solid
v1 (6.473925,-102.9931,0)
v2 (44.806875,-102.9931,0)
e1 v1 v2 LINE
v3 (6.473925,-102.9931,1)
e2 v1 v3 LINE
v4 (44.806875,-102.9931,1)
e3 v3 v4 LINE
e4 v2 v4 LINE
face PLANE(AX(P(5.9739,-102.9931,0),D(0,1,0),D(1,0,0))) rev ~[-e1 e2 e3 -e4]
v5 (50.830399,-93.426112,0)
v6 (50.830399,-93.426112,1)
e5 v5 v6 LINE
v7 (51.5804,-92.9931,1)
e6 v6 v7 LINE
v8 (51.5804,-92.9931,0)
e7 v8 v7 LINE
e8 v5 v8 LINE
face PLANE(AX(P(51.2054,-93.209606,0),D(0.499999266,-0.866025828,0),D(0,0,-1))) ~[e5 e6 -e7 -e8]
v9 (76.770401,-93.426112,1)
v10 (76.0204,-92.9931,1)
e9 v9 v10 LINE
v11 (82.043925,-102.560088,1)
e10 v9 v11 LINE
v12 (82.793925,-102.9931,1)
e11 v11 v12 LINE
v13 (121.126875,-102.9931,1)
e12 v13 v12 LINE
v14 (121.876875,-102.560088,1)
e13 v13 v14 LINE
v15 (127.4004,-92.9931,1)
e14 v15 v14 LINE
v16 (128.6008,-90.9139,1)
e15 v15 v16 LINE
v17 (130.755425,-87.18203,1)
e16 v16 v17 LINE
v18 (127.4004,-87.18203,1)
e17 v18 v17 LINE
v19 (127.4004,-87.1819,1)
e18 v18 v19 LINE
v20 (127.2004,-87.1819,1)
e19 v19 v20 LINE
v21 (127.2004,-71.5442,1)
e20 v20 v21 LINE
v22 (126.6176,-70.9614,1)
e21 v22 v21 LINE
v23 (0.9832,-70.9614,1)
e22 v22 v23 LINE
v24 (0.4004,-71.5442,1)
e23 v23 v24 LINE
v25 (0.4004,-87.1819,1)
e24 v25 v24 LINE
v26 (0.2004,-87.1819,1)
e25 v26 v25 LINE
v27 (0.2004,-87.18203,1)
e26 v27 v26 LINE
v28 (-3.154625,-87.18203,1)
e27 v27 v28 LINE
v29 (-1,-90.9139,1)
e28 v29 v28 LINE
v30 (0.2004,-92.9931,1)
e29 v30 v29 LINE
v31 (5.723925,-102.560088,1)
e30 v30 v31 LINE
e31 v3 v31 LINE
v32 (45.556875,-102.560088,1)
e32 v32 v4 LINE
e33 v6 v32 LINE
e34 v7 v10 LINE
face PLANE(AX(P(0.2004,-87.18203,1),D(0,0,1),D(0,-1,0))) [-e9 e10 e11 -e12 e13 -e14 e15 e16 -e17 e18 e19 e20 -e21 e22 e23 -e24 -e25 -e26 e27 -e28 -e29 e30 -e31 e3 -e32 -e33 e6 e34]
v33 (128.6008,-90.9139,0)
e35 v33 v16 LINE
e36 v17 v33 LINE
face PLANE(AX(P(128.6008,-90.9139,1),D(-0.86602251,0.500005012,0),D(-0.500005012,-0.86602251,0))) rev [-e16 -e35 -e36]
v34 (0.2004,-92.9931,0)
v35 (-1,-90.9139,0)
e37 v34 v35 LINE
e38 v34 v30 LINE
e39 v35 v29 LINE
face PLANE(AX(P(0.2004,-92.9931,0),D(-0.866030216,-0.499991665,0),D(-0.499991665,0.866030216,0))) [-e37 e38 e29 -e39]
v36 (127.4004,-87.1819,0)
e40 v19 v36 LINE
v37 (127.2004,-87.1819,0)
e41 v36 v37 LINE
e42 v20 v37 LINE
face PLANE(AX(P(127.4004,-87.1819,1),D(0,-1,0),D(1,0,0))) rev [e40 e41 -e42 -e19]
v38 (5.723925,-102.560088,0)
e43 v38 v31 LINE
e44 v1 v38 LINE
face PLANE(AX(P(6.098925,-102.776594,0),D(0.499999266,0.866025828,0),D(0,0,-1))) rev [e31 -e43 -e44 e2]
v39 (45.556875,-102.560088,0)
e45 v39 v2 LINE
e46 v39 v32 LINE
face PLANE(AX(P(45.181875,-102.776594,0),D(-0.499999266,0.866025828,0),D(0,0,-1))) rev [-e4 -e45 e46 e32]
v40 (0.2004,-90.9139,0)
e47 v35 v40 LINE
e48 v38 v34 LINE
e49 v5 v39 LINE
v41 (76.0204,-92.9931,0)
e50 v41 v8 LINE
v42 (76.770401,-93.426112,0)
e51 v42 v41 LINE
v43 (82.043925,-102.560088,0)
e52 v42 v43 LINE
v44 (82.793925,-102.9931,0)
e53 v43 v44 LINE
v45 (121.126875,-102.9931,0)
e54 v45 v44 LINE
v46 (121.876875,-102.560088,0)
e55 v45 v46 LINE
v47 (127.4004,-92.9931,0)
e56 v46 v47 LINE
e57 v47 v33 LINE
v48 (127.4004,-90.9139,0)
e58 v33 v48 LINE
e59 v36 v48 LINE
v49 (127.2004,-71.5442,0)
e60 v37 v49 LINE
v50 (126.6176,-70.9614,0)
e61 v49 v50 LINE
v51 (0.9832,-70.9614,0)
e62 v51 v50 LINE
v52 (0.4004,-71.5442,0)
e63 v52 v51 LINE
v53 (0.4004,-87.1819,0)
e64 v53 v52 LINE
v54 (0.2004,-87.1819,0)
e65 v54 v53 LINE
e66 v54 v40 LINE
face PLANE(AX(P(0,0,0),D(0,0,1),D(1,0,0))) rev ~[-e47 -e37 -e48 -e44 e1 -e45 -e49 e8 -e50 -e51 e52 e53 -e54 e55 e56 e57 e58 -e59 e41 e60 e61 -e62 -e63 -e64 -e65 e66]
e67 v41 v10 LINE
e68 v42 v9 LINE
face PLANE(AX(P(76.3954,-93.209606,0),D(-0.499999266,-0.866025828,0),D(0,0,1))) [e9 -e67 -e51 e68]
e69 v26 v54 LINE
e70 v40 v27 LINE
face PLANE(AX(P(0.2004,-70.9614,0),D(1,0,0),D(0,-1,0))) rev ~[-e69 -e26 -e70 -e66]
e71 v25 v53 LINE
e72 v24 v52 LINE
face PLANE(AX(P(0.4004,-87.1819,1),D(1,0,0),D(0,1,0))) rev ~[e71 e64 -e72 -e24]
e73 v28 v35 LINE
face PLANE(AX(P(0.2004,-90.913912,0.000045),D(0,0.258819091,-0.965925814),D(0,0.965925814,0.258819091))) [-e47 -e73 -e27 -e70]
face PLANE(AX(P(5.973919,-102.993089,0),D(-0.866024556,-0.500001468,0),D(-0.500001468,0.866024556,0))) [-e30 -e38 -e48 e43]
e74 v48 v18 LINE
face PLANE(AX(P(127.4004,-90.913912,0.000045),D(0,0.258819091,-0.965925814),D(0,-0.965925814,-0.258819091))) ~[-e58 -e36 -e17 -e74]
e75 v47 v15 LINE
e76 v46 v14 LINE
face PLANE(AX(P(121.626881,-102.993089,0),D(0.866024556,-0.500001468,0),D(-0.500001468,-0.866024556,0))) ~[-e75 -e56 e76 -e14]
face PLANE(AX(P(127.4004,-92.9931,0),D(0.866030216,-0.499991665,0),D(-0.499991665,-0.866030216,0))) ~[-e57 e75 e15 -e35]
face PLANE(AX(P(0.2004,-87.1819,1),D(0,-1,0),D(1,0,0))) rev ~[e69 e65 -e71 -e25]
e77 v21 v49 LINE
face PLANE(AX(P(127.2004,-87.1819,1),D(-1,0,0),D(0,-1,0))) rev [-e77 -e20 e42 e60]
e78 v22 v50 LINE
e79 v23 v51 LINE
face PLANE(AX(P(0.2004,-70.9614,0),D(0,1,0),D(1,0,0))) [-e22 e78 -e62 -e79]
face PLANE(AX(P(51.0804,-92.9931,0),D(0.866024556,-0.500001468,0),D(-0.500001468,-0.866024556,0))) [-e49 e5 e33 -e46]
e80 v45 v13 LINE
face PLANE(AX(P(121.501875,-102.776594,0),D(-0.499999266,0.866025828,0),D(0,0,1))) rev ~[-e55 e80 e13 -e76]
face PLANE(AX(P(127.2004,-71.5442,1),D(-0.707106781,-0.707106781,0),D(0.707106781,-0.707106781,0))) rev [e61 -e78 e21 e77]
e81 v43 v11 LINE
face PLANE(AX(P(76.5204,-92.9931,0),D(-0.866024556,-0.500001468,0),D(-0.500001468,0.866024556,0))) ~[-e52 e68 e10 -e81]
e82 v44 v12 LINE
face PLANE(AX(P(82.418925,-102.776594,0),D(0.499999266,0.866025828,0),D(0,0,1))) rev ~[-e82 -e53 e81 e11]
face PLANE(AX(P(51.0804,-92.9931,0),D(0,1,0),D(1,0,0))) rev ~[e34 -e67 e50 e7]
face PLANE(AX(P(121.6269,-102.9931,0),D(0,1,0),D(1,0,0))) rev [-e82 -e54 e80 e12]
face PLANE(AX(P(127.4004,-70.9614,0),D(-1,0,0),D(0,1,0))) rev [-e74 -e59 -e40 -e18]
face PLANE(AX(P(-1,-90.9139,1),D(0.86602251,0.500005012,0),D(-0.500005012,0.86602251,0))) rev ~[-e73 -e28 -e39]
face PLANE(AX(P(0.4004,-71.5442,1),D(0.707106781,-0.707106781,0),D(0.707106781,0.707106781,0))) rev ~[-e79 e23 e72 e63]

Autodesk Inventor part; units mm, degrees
ref_plane "YZ Plane" through (0, 0, 0) normal (1, 0, 0) x (0, 1, 0)
ref_plane "XZ Plane" through (0, 0, 0) normal (0, 1, 0) x (-1, 0, 0)
ref_plane "XY Plane" through (0, 0, 0) normal (0, 0, 1) x (1, 0, 0)
ref_plane "РабПлоскость1" through (0, 0, 0) normal (0, 0, 1) x (1, 0, 0)
sketch "Эскиз1" plane through (0, 0, 0) normal (0, 0, 1) x (1, 0, 0)
  line L0 (0, -90.9139) -> (0, -87.1819)
  line L1 (0, -75.9857) -> (0, -72.2537) projected
  line L2 (0, -72.2537) -> (3, -61.0575) projected
  line L3 (3, -61.0575) -> (0, -61.0575) projected
  line L4 (0, -61.0575) -> (0, -57.3255) projected
  line L5 (0, -57.3255) -> (3, -46.1293) projected
  line L6 (3, -46.1293) -> (0, -46.1293) projected
  line L7 (0, -46.1293) -> (0, -42.3973) projected
  line L8 (0, -42.3973) -> (3, -31.2011) projected
  line L9 (3, -31.2011) -> (0, -31.2011) projected
  line L10 (0, -31.2011) -> (0, -27.4691) projected
  line L11 (0, -27.4691) -> (3, -16.2729) projected
  line L12 (3, -16.2729) -> (0, -16.2729) projected
  line L13 (0, -16.2729) -> (0, -12.5409) projected
  line L14 (127.6, -12.5409) -> (0, -12.5409)
  line L15 (127.6, -57.3255) -> (124.6, -46.1293)
  line L16 (127.6, -61.0575) -> (127.6, -57.3255)
  line L17 (124.6, -61.0575) -> (127.6, -61.0575)
  line L18 (127.6, -72.2537) -> (124.6, -61.0575)
  line L19 (127.6, -75.9857) -> (127.6, -72.2537)
  line L20 (124.6, -75.9857) -> (127.6, -75.9857)
  line L21 (127.6, -87.1819) -> (124.6, -75.9857) projected
  line L22 (127.6, -90.9139) -> (127.6, -87.1819) projected
  line L23 (84.6, -94.6473) -> (84.6, -100.1704) projected
  line L24 (83.844, -94.6473) -> (84.6, -94.6473) projected
  line L25 (83.844, -94.6473) -> (84.844, -90.9152) projected
  line L26 (132.6, -90.9152) -> (84.844, -90.9152) projected
  line L27 (132.6, -90.9152) -> (134.6, -98.3793) projected
  line L28 (134.6, -98.3793) -> (134.6, 2.1319)
  line L29 (134.6, 2.1319) -> (-7, 2.1319)
  line L30 (-7, -98.3793) -> (-7, 2.1319) projected
  line L31 (-5, -90.9152) -> (-7, -98.3793) projected
  line L32 (127.6, -75.4591) -> (127.6, -90.9139) projected
  line L33 (0.2004, -110.9139) -> (127.4004, -110.9139)
  line L34 (127.4004, -110.9139) -> (127.4004, -70.9139)
  line L35 (127.4004, -70.9139) -> (0.2004, -70.9139)
  line L36 (0.2004, -70.9139) -> (0.2004, -110.9139)
  line L37 (0.2004, -110.9139) -> (127.4004, -70.9139) construction
  line L38 (127.4004, -110.9139) -> (0.2004, -70.9139) construction
  line L39 (51.0804, -92.9931) -> (38.3604, -115.0247)
  line L40 (38.3604, -115.0247) -> (12.9204, -115.0247)
  line L41 (12.9204, -115.0247) -> (0.2004, -92.9931)
  line L42 (0.2004, -70.9614) -> (63.8004, -70.9614)
  line L43 (38.3604, -70.9614) -> (51.0804, -92.9931)
  line L44 (-1, -89.7832) -> (-1, -91.3815)
  line L45 (0.2004, -92.9931) -> (5.8434, -102.7672)
  line L46 (63.8004, -70.9139) -> (63.8004, -110.9139)
  line L47 (51.0804, -92.9931) -> (63.8004, -92.9931)
  line L48 (0.2004, -92.9931) -> (-1, -90.9139)
  line L49 (5.9739, -102.9931) -> (45.3069, -102.9931)
  line L50 (-1, -90.9139) -> (0, -90.9139)
  line L51 (0, -90.9139) -> (0.2004, -90.9139)
  point P0 (0, 0)
  point P1 (63.8004, -90.9139)
  point P2 (25.6404, -92.9931)
  point P3 (5.9739, -102.9931)
  point P4 (0.3463, -70.9614)
  point P5 (0.2004, -71.5059)
  dimension "d0" = 127.6
  dimension "d1" = 127.2
  dimension "d2" = 40
  dimension "d3" = 50.88
  dimension "d4" = 0
  dimension "d5" = 1
  dimension "d6" = 25.44
  dimension "d7" = 10
extrude "Выдавливание1" add sketch "Эскиз1" along normal blind 1 contours L36 L42 L2 | L2 L42 L43 L39 L49 L41 L36 | L36 L48 L50 L51 | L42 L46 L47 L43
chamfer "Фаска1" distance 0.5 angle 45 4 edges at (0.2004, -70.9614, 0.5) (45.3069, -102.9931, 0.5) (5.9739, -102.9931, 0.5) (51.0804, -92.9931, 0.5)
sketch "Эскиз3" plane through (0.2004, -90.9139, 0) normal (-1, 0, 0) x (0, 0, 1)
  line L0 (-2.0003, -7.4654) -> (24.9316, 93.0458) projected
  line L1 (0, 19.4526) -> (1, 19.4526) projected
  line L2 (0, 19.4526) -> (0, 0) projected
  line L3 (0, 0) -> (1, 0) projected
  line L4 (1, 19.4526) -> (1, 0) projected
  line L5 (0, 0) -> (1, 0) projected
  point P0 (0, 90.9139)
  point P1 (1, 3.7321)
extrude "Выдавливание2" add sketch "Эскиз3" along normal blind 4 contours L0 L4 L3
sketch "Эскиз4" plane through (0, 0, 1) normal (0, 0, 1) x (1, 0, 0)
  line L0 (-1, -90.9139) -> (5.7239, -102.56) projected
  line L1 (0.2004, -90.9139) -> (-1, -90.9139) projected
  line L2 (-1, -90.9139) -> (-3.1547, -87.1819)
  line L3 (0.2004, -87.1819) -> (-3.7996, -87.1819) projected
  line L4 (-1, -90.9139) -> (-3.7996, -90.9139) projected
  line L5 (-3.7996, -90.9139) -> (-3.7996, -87.1819) projected
  point P0 (0, 0)
extrude "Выдавливание3" cut sketch "Эскиз4" against normal blind 4
sketch "Эскиз6" plane through (0, 0, 1) normal (0, 0, 1) x (1, 0, 0)
  line L0 (-3.1547, -87.1819) -> (5.7239, -102.56) projected
  line L1 (6.4739, -102.9931) -> (5.7239, -102.56) projected
  line L2 (6.4739, -102.9931) -> (44.8069, -102.9931) projected
  line L3 (45.5569, -102.56) -> (44.8069, -102.9931) projected
  line L4 (45.5569, -102.56) -> (50.8304, -93.4261) projected
  line L5 (51.5804, -92.9931) -> (50.8304, -93.4261) projected
  line L6 (51.5804, -92.9931) -> (63.8004, -92.9931) projected
  line L7 (63.8004, -92.9931) -> (63.8004, -70.9614) projected
  line L8 (63.8004, -70.9614) -> (0.7004, -70.9614) projected
  line L9 (0.2004, -71.4614) -> (0.7004, -70.9614) projected
  line L10 (0.2004, -71.4614) -> (0.2004, -87.1819) projected
  line L11 (0.2004, -87.1819) -> (-3.1547, -87.1819) projected
  line L12 (0.4004, -87.3819) -> (0.4004, -71.5442)
  line L13 (0.4004, -71.5442) -> (0.7832, -71.1614)
  line L14 (0.7832, -71.1614) -> (63.6004, -71.1614)
  line L15 (63.6004, -71.1614) -> (63.6004, -92.7931)
  line L16 (63.6004, -92.7931) -> (51.5268, -92.7931)
  line L17 (51.5268, -92.7931) -> (50.684, -93.2797)
  line L18 (50.684, -93.2797) -> (45.4105, -102.4136)
  line L19 (45.4105, -102.4136) -> (44.7533, -102.7931)
  line L20 (44.7533, -102.7931) -> (6.5275, -102.7931)
  line L21 (6.5275, -102.7931) -> (5.8703, -102.4136)
  line L22 (5.8703, -102.4136) -> (-2.8083, -87.3819)
  line L23 (-2.8083, -87.3819) -> (0.4004, -87.3819)
  line L24 (0.2004, -87.1819) -> (-3.1547, -87.1819) projected
  line L25 (0.2004, -87.1819) -> (0.4004, -87.1819)
  line L26 (0.7832, -71.1614) -> (0.9832, -70.9614)
  point P0 (0, 0)
  point P1 (0.8418, -70.9614)
  dimension "d20" = 0.2
extrude "Выдавливание5" cut sketch "Эскиз6" against normal blind 10 contours L10 L9 L8 L26 L13 L12 L25
sketch "Эскиз7" plane through (0, 0, 0) normal (0, 0, -1) x (-1, 0, 0)
  line L0 (-0.4004, -87.1819) -> (-0.4004, -71.5442) projected
  line L1 (-0.4004, -71.5442) -> (-0.9832, -70.9614) projected
  line L2 (-0.2004, -90.9139) -> (1, -90.9139) projected
  line L3 (-0.2004, -87.1819) -> (-0.2004, -90.9139) projected
  line L4 (-1.3004, -71.9614) -> (-1.3004, -88.1819)
  line L5 (-1.3004, -88.1819) -> (-1.2004, -88.1819)
  line L6 (-1.2004, -88.1819) -> (-1.2004, -91.9139)
  line L7 (-1.2004, -91.9139) -> (-0.7321, -91.9139)
  line L8 (-0.7321, -91.9139) -> (-6.4559, -101.828)
  line L9 (-6.4559, -101.828) -> (-6.7418, -101.9931)
  line L10 (-6.7418, -101.9931) -> (-44.5389, -101.9931)
  line L11 (-44.5389, -101.9931) -> (-44.8248, -101.828)
  line L12 (-44.8248, -101.828) -> (-50.0983, -92.694)
  line L13 (-50.0983, -92.694) -> (-51.3124, -91.9931)
  line L14 (-51.3124, -91.9931) -> (-62.8004, -91.9931)
  line L15 (-62.8004, -91.9931) -> (-62.8004, -71.9614)
  line L16 (-62.8004, -71.9614) -> (-1.3004, -71.9614)
  line L17 (-1.3004, -71.9614) -> (-62.8004, -81.9772) construction
  line L18 (-1.3807, -71.4679) -> (-62.8807, -81.4837)
  line L19 (-62.72, -82.4707) -> (-1.22, -72.4549)
  arc A0 (-1.22, -72.4549) -> (-1.3807, -71.4679) centre (-1.3004, -71.9614) ccw
  arc A1 (-62.8807, -81.4837) -> (-62.72, -82.4707) centre (-62.8004, -81.9772) ccw
  line L20 (-62.8004, -81.9772) -> (-1.2004, -91.9139) construction
  line L21 (-62.88, -82.4708) -> (-1.28, -92.4076)
  line L22 (-1.1207, -91.4203) -> (-62.7207, -81.4836)
  arc A2 (-62.7207, -81.4836) -> (-62.88, -82.4708) centre (-62.8004, -81.9772) ccw
  arc A3 (-1.28, -92.4076) -> (-1.1207, -91.4203) centre (-1.2004, -91.9139) ccw
  line L23 (-62.8004, -87.9931) -> (-1.2004, -87.9931) construction
  line L24 (-62.8004, -88.4931) -> (-1.2004, -88.4931)
  line L25 (-1.2004, -87.4931) -> (-62.8004, -87.4931)
  arc A4 (-62.8004, -87.4931) -> (-62.8004, -88.4931) centre (-62.8004, -87.9931) ccw
  arc A5 (-1.2004, -88.4931) -> (-1.2004, -87.4931) centre (-1.2004, -87.9931) ccw
  line L26 (-62.8004, -75.9614) -> (-1.3004, -75.9614) construction
  line L27 (-62.8004, -76.4614) -> (-1.3004, -76.4614)
  line L28 (-1.3004, -75.4614) -> (-62.8004, -75.4614)
  arc A6 (-62.8004, -75.4614) -> (-62.8004, -76.4614) centre (-62.8004, -75.9614) ccw
  arc A7 (-1.3004, -76.4614) -> (-1.3004, -75.4614) centre (-1.3004, -75.9614) ccw
  line L29 (-62.8004, -81.9772) -> (-1.3004, -81.9772) construction
  line L30 (-62.8004, -82.4772) -> (-1.3004, -82.4772)
  line L31 (-1.3004, -81.4772) -> (-62.8004, -81.4772)
  arc A8 (-62.8004, -81.4772) -> (-62.8004, -82.4772) centre (-62.8004, -81.9772) ccw
  arc A9 (-1.3004, -82.4772) -> (-1.3004, -81.4772) centre (-1.3004, -81.9772) ccw
  line L32 (-0.2004, -87.1819) -> (-0.4004, -87.1819) projected
  line L33 (-63.8004, -70.9614) -> (-0.9832, -70.9614) projected
  line L34 (-63.8004, -92.9931) -> (-63.8004, -70.9614) projected
  line L35 (-51.5804, -92.9931) -> (-63.8004, -92.9931) projected
  line L36 (-50.8304, -93.4261) -> (-51.5804, -92.9931) projected
  line L37 (-45.5569, -102.56) -> (-50.8304, -93.4261) projected
  line L38 (-44.8069, -102.9931) -> (-45.5569, -102.56) projected
  line L39 (-6.4739, -102.9931) -> (-44.8069, -102.9931) projected
  line L40 (-5.7239, -102.56) -> (-6.4739, -102.9931) projected
  line L41 (1, -90.9139) -> (-5.7239, -102.56) projected
  point P0 (0, 0)
  point P1 (-32.0504, -76.9693)
  point P2 (-32.0004, -86.9456)
  point P3 (-62.8004, -81.4706)
  point P4 (-4.411, -71.9614)
  point P5 (-0.9953, -92.37)
  point P6 (-62.8004, -82.4837)
  point P7 (-1.3004, -72.468)
  point P8 (-59.6753, -81.9749)
  point P9 (-1.2004, -91.4075)
  point P10 (-32.0004, -87.9931)
  point P11 (-32.0504, -75.9614)
  point P12 (-32.0504, -81.9772)
  point P13 (-25.9019, -75.4614)
  point P14 (-19.6807, -75.4614)
  point P15 (-1.2004, -88.4931)
  point P16 (-19.2676, -88.4931)
  point P17 (-32.0422, -76.4614)
  point P18 (-56.6197, -81.4772)
  point P19 (-1.3004, -76.4614)
  point P20 (-25.821, -76.4614)
  point P21 (-1.3004, -82.4772)
  point P22 (-56.5611, -82.4772)
  point P23 (-25.4668, -87.4931)
  point P24 (-1.3004, -87.4931)
  point P25 (-31.7461, -87.4931)
  point P26 (-25.5469, -88.4931)
  dimension "d24" = 1
  dimension "d25" = 1
  dimension "d28" = 1
  dimension "d30" = 1
  dimension "d32" = 1
extrude "Выдавливание6" [suppressed]
mirror "Зеркальное отражение2" about plane through (63.8004, -92.9931, 0) normal (1, 0, 0)
properties part number "Пластина"
